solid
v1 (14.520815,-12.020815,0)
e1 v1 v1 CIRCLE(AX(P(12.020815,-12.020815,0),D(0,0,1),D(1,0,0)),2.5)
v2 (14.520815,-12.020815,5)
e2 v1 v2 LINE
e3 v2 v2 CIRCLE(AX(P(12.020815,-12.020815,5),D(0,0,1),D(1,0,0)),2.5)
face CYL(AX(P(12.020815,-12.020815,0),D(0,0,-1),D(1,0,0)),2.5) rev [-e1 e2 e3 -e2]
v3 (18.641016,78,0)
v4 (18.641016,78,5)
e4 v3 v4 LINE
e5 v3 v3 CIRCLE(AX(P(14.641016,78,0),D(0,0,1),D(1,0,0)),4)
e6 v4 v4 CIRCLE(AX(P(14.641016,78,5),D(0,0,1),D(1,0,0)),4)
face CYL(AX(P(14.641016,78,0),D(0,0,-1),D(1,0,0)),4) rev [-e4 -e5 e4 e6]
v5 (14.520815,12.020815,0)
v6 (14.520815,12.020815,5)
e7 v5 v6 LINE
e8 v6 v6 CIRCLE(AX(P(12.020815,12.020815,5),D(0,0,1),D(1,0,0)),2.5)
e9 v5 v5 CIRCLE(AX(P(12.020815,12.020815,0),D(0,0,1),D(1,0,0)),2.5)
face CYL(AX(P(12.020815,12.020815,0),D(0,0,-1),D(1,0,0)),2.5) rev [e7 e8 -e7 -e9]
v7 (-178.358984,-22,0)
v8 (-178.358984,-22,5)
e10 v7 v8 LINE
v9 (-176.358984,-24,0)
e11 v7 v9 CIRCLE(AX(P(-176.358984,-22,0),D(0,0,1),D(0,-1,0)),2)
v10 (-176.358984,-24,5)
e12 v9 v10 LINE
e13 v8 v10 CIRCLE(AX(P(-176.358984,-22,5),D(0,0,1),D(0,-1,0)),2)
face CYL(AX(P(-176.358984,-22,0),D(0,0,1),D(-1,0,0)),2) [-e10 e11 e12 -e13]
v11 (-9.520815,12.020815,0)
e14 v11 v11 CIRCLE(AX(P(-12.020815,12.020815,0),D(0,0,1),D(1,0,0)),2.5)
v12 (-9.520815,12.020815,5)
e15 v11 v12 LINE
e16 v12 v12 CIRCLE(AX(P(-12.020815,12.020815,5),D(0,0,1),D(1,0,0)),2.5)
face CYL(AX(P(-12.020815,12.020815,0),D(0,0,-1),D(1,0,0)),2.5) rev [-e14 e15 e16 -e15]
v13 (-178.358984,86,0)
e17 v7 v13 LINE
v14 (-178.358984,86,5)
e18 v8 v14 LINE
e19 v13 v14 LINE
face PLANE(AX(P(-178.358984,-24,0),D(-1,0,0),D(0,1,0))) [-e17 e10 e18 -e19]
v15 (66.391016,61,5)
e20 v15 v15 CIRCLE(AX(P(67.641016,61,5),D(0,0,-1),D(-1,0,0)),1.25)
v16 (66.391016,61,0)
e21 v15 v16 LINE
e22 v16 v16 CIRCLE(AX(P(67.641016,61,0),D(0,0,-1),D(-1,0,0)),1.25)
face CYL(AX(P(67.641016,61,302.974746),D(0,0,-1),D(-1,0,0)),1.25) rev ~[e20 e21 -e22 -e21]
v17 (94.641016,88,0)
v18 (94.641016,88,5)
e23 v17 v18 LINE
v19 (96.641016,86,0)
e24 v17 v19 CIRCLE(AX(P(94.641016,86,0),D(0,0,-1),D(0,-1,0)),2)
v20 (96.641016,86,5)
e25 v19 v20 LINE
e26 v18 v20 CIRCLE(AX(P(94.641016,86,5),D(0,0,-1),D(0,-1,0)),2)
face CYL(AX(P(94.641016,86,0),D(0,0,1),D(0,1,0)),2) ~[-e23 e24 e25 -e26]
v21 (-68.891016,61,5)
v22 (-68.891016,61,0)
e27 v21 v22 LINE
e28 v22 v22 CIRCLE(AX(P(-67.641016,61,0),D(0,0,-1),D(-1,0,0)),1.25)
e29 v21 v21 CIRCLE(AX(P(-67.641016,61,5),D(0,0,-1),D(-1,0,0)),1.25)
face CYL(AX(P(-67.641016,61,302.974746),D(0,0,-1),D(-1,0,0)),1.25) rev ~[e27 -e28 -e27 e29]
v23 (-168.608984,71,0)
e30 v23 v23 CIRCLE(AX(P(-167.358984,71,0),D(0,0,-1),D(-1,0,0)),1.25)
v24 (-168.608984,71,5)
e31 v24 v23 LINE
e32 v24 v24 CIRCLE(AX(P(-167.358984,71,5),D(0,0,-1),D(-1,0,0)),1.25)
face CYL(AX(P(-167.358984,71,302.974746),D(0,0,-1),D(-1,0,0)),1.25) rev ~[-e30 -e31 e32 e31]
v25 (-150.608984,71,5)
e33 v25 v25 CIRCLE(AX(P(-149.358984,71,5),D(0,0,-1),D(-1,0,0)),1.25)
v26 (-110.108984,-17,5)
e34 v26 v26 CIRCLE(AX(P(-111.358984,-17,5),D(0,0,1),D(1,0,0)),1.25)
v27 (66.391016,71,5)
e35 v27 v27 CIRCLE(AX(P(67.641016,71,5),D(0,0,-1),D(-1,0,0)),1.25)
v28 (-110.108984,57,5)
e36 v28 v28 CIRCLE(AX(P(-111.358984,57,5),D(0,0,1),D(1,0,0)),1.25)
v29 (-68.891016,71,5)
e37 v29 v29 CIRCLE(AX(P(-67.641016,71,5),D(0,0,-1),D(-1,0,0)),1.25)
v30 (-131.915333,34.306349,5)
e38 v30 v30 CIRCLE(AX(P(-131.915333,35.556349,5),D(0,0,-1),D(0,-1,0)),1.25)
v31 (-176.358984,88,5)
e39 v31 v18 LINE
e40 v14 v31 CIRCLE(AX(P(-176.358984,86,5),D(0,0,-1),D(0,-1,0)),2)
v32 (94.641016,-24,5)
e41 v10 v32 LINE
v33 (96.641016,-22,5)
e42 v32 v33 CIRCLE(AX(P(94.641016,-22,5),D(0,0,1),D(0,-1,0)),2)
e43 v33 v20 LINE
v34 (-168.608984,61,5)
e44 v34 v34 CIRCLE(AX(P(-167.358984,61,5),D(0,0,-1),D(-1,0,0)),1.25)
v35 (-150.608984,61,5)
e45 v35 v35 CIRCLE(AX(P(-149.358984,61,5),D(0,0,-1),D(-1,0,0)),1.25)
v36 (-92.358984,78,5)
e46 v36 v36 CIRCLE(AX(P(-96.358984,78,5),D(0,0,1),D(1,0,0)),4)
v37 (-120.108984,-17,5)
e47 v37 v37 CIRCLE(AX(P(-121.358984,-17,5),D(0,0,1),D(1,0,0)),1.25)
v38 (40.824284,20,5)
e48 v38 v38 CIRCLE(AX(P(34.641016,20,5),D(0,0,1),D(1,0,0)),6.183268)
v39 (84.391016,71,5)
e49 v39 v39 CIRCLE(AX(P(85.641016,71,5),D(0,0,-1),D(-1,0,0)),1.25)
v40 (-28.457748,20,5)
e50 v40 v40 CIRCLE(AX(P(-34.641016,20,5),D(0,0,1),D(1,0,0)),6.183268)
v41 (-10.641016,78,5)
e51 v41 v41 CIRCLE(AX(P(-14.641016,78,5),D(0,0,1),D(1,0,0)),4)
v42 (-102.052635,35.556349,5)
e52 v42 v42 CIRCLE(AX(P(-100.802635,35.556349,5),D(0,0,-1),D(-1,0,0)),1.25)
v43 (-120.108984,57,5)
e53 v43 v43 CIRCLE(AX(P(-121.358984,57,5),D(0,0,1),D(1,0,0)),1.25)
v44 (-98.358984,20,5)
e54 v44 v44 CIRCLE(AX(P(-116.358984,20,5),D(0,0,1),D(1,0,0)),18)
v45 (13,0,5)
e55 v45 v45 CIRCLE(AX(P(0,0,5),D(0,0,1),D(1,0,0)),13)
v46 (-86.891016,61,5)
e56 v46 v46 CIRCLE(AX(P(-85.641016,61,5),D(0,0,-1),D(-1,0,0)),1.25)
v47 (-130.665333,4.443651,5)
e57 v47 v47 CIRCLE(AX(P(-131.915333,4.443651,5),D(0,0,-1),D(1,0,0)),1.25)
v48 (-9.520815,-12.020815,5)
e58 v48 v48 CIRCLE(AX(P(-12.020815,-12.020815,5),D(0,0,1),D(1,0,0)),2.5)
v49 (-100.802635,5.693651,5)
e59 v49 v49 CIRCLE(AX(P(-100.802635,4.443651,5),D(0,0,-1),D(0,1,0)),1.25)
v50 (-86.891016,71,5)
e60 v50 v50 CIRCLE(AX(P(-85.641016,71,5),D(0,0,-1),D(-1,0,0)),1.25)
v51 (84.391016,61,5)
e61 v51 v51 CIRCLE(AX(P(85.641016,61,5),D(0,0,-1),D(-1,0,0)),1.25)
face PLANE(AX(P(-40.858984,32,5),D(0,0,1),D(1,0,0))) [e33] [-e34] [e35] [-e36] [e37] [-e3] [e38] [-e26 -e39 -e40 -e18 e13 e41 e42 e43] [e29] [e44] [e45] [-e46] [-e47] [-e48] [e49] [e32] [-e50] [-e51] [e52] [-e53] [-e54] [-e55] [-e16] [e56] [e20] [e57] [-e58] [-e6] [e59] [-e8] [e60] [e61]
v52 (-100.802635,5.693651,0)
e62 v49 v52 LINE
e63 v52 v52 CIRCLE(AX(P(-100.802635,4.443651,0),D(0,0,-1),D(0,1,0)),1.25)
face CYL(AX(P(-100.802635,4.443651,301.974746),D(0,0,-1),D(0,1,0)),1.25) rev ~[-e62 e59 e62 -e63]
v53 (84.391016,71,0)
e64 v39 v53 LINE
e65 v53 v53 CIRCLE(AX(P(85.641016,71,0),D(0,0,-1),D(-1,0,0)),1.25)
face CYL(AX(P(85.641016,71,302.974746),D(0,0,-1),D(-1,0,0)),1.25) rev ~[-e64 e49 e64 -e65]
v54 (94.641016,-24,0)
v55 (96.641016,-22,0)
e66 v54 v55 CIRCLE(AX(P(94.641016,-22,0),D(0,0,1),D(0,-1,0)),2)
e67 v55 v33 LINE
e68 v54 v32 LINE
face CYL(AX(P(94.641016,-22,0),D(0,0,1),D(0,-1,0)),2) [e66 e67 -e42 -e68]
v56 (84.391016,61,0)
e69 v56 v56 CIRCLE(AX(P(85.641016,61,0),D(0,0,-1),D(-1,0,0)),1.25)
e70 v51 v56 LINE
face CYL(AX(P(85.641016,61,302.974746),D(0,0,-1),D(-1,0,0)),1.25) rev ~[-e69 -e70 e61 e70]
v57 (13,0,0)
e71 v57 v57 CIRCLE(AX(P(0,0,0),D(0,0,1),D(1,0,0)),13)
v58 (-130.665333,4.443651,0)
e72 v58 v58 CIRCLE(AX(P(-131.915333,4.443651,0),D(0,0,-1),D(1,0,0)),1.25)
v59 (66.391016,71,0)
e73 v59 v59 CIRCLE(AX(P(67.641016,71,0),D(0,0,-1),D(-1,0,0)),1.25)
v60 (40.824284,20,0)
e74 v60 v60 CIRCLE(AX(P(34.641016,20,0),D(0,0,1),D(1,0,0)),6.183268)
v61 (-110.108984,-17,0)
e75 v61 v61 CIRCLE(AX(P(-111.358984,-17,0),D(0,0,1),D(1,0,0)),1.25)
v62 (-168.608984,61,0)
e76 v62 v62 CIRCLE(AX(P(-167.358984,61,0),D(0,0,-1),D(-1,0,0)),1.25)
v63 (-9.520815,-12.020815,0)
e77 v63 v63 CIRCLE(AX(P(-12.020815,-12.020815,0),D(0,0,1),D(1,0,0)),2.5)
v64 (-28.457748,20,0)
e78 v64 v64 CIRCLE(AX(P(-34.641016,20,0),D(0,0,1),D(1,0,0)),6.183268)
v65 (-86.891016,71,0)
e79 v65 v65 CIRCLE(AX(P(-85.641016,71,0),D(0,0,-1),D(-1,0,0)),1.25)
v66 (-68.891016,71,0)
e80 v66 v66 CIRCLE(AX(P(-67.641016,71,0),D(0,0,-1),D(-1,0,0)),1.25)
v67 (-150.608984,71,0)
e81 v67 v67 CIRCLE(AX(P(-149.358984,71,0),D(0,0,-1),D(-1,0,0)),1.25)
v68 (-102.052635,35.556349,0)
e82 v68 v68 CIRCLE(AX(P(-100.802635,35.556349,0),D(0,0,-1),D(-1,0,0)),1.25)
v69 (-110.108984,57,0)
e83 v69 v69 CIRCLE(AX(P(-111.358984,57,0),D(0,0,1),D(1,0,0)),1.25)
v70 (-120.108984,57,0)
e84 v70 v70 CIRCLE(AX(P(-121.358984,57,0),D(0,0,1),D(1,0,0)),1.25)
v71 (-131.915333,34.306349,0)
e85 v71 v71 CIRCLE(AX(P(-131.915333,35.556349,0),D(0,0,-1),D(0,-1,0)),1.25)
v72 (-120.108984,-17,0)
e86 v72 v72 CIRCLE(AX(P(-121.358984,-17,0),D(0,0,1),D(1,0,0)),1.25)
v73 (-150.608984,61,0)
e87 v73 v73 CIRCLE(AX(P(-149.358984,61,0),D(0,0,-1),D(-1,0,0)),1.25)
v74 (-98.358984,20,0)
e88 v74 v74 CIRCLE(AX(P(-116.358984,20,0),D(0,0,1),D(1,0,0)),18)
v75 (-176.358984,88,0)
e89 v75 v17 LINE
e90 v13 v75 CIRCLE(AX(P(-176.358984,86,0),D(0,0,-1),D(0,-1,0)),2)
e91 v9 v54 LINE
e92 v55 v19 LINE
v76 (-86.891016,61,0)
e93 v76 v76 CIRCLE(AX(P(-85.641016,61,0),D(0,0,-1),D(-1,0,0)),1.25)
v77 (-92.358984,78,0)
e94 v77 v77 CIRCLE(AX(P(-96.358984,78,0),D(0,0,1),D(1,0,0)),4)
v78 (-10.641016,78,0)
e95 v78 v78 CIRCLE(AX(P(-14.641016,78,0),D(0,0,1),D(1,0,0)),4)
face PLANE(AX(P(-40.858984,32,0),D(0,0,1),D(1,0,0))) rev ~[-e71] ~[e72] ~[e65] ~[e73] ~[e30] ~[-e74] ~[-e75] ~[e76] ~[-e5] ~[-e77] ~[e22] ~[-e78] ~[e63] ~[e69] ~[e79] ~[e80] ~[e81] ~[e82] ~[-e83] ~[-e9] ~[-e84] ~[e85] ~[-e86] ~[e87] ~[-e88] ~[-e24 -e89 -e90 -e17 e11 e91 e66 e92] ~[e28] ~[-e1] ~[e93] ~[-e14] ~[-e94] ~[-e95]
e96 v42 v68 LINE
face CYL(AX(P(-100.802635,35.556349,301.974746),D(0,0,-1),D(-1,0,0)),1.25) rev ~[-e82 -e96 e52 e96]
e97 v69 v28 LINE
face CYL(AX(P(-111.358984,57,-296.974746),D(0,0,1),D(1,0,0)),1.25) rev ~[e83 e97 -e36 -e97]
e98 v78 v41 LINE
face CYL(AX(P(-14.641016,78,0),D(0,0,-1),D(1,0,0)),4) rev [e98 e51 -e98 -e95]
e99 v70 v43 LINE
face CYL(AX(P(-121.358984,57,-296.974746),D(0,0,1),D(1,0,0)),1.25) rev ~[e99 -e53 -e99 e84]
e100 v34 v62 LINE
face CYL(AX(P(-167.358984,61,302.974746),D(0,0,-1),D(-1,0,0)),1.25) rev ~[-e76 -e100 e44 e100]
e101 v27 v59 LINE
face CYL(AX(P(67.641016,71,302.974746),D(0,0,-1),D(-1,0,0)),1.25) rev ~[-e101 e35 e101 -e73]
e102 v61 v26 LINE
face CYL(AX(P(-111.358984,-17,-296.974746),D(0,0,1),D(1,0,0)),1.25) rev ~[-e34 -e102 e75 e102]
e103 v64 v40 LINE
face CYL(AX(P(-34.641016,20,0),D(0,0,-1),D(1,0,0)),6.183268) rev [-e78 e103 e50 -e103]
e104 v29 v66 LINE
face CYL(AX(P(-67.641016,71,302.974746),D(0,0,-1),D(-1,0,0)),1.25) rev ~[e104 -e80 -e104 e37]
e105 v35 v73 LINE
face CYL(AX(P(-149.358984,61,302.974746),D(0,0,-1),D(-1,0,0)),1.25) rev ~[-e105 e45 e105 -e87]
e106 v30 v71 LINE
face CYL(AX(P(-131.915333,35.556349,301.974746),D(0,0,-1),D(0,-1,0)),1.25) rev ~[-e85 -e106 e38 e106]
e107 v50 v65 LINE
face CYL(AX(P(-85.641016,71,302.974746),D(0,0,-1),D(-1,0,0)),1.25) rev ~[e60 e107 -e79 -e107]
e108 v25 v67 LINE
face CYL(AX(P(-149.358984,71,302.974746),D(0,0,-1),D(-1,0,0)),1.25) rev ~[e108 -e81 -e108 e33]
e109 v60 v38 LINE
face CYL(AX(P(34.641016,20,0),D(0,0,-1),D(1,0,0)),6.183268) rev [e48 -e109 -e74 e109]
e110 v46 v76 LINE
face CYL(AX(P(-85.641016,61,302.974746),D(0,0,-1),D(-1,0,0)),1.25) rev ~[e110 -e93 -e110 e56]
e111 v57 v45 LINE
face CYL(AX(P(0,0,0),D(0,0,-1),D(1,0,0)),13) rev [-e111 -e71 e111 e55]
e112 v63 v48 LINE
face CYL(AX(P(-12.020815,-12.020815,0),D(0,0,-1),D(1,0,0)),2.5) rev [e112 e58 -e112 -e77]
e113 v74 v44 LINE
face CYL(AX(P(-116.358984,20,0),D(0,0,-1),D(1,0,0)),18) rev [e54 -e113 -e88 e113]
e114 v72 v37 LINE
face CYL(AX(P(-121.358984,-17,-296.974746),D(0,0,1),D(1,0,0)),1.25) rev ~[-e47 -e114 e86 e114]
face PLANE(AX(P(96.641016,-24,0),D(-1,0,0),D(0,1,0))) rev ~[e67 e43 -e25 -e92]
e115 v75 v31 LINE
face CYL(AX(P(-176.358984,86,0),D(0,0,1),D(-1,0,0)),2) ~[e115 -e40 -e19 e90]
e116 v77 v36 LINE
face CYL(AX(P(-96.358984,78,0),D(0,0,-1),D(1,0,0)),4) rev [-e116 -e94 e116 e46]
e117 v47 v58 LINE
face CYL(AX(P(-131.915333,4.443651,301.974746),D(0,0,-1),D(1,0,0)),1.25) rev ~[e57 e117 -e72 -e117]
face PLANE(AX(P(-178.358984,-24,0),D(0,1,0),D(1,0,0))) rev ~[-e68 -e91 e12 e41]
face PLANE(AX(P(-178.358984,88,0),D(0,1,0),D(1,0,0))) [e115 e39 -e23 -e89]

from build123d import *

# Parameters (mm, degrees)
SKETCH_1_W               = 275
SKETCH_1_H               = 112
SKETCH_1_R               = 13
SKETCH_1_R_2             = 2.5
SKETCH_1_R_3             = 6.183267946
SKETCH_1_R_4             = 18
SKETCH_1_R_5             = 4
EXTRUDE_1_DEPTH          = 5
HOLE_WIZARD_M32_D        = 2.5
HOLE_WIZARD_M31_D        = 2.5
FILLET_1_R               = 2
HOLE_WIZARD_M35_D        = 2.5
PATTERN_CIRCULAR_1_COUNT = 4


with BuildPart() as part:
    # Эскиз1 → Бобышка-Вытянуть1 (new body)
    with BuildSketch(Plane.XY):
        with Locations((-40.858983849, 32)):
            Rectangle(SKETCH_1_W, SKETCH_1_H)
        Circle(SKETCH_1_R, mode=Mode.SUBTRACT)
        with Locations((-12.02081528, 12.02081528)):
            Circle(SKETCH_1_R_2, mode=Mode.SUBTRACT)
        with Locations((12.02081528, 12.02081528)):
            Circle(SKETCH_1_R_2, mode=Mode.SUBTRACT)
        with Locations((12.02081528, -12.02081528)):
            Circle(SKETCH_1_R_2, mode=Mode.SUBTRACT)
        with Locations((-12.02081528, -12.02081528)):
            Circle(SKETCH_1_R_2, mode=Mode.SUBTRACT)
        with Locations((-34.641016151, 20)):
            Circle(SKETCH_1_R_3, mode=Mode.SUBTRACT)
        with Locations((34.641016151, 20)):
            Circle(SKETCH_1_R_3, mode=Mode.SUBTRACT)
        with Locations((-116.358983849, 20)):
            Circle(SKETCH_1_R_4, mode=Mode.SUBTRACT)
        with Locations((-14.641016151, 78)):
            Circle(SKETCH_1_R_5, mode=Mode.SUBTRACT)
        with Locations((14.641016151, 78)):
            Circle(SKETCH_1_R_5, mode=Mode.SUBTRACT)
        with Locations((-96.358983849, 78)):
            Circle(SKETCH_1_R_5, mode=Mode.SUBTRACT)
    extrude(amount=EXTRUDE_1_DEPTH)

    # Отверстие обработанное метчиком M32 (through all)
    with Locations(Plane(origin=(0, 0, 0), x_dir=(-1, 0, 0), z_dir=(0, 0, -1))):
        with Locations((111.358983849, 57), (121.358983849, 57), (111.358983849, -17), (121.358983849, -17)):
            Hole(HOLE_WIZARD_M32_D / 2)

    # Отверстие обработанное метчиком M31 (through all)
    with Locations(Plane(origin=(-167.358983849, 71, 6), x_dir=(1, 0, 0), z_dir=(0, 0, 1))):
        with Locations((0, 0), (0, -10), (18, -10), (18, 0), (81.717967698, 0), (81.717967698, -10), (99.717967698, -10), (99.717967698, 0), (235, 0), (235, -10), (253, 0), (253, -10)):
            Hole(HOLE_WIZARD_M31_D / 2)

    # Скругление1
    fillet_1_edges = [part.edges().sort_by_distance(p)[0] for p in [
        (-178.358983849, 88, 2.5),
        (96.641016151, 88, 2.5),
        (96.641016151, -24, 2.5),
        (-178.358983849, -24, 2.5),
    ]]
    fillet(fillet_1_edges, radius=FILLET_1_R)

    # Отверстие обработанное метчиком M35 (through all)
    with Locations(Plane.XY.offset(5)):
        with Locations((-100.802634663, 35.556349186)):
            hole_wizard_m35 = Hole(HOLE_WIZARD_M35_D / 2)

    # Круговой массив1: Отверстие обработанное метчиком M35 ×4 about axis
    pattern_circular_1_axis = Axis((-116.358983849, 20, 0), (0, 0, 1))
    for i in range(1, PATTERN_CIRCULAR_1_COUNT):
        add(hole_wizard_m35.rotate(pattern_circular_1_axis, i * 360 / PATTERN_CIRCULAR_1_COUNT), mode=Mode.SUBTRACT)


solid = part.part
